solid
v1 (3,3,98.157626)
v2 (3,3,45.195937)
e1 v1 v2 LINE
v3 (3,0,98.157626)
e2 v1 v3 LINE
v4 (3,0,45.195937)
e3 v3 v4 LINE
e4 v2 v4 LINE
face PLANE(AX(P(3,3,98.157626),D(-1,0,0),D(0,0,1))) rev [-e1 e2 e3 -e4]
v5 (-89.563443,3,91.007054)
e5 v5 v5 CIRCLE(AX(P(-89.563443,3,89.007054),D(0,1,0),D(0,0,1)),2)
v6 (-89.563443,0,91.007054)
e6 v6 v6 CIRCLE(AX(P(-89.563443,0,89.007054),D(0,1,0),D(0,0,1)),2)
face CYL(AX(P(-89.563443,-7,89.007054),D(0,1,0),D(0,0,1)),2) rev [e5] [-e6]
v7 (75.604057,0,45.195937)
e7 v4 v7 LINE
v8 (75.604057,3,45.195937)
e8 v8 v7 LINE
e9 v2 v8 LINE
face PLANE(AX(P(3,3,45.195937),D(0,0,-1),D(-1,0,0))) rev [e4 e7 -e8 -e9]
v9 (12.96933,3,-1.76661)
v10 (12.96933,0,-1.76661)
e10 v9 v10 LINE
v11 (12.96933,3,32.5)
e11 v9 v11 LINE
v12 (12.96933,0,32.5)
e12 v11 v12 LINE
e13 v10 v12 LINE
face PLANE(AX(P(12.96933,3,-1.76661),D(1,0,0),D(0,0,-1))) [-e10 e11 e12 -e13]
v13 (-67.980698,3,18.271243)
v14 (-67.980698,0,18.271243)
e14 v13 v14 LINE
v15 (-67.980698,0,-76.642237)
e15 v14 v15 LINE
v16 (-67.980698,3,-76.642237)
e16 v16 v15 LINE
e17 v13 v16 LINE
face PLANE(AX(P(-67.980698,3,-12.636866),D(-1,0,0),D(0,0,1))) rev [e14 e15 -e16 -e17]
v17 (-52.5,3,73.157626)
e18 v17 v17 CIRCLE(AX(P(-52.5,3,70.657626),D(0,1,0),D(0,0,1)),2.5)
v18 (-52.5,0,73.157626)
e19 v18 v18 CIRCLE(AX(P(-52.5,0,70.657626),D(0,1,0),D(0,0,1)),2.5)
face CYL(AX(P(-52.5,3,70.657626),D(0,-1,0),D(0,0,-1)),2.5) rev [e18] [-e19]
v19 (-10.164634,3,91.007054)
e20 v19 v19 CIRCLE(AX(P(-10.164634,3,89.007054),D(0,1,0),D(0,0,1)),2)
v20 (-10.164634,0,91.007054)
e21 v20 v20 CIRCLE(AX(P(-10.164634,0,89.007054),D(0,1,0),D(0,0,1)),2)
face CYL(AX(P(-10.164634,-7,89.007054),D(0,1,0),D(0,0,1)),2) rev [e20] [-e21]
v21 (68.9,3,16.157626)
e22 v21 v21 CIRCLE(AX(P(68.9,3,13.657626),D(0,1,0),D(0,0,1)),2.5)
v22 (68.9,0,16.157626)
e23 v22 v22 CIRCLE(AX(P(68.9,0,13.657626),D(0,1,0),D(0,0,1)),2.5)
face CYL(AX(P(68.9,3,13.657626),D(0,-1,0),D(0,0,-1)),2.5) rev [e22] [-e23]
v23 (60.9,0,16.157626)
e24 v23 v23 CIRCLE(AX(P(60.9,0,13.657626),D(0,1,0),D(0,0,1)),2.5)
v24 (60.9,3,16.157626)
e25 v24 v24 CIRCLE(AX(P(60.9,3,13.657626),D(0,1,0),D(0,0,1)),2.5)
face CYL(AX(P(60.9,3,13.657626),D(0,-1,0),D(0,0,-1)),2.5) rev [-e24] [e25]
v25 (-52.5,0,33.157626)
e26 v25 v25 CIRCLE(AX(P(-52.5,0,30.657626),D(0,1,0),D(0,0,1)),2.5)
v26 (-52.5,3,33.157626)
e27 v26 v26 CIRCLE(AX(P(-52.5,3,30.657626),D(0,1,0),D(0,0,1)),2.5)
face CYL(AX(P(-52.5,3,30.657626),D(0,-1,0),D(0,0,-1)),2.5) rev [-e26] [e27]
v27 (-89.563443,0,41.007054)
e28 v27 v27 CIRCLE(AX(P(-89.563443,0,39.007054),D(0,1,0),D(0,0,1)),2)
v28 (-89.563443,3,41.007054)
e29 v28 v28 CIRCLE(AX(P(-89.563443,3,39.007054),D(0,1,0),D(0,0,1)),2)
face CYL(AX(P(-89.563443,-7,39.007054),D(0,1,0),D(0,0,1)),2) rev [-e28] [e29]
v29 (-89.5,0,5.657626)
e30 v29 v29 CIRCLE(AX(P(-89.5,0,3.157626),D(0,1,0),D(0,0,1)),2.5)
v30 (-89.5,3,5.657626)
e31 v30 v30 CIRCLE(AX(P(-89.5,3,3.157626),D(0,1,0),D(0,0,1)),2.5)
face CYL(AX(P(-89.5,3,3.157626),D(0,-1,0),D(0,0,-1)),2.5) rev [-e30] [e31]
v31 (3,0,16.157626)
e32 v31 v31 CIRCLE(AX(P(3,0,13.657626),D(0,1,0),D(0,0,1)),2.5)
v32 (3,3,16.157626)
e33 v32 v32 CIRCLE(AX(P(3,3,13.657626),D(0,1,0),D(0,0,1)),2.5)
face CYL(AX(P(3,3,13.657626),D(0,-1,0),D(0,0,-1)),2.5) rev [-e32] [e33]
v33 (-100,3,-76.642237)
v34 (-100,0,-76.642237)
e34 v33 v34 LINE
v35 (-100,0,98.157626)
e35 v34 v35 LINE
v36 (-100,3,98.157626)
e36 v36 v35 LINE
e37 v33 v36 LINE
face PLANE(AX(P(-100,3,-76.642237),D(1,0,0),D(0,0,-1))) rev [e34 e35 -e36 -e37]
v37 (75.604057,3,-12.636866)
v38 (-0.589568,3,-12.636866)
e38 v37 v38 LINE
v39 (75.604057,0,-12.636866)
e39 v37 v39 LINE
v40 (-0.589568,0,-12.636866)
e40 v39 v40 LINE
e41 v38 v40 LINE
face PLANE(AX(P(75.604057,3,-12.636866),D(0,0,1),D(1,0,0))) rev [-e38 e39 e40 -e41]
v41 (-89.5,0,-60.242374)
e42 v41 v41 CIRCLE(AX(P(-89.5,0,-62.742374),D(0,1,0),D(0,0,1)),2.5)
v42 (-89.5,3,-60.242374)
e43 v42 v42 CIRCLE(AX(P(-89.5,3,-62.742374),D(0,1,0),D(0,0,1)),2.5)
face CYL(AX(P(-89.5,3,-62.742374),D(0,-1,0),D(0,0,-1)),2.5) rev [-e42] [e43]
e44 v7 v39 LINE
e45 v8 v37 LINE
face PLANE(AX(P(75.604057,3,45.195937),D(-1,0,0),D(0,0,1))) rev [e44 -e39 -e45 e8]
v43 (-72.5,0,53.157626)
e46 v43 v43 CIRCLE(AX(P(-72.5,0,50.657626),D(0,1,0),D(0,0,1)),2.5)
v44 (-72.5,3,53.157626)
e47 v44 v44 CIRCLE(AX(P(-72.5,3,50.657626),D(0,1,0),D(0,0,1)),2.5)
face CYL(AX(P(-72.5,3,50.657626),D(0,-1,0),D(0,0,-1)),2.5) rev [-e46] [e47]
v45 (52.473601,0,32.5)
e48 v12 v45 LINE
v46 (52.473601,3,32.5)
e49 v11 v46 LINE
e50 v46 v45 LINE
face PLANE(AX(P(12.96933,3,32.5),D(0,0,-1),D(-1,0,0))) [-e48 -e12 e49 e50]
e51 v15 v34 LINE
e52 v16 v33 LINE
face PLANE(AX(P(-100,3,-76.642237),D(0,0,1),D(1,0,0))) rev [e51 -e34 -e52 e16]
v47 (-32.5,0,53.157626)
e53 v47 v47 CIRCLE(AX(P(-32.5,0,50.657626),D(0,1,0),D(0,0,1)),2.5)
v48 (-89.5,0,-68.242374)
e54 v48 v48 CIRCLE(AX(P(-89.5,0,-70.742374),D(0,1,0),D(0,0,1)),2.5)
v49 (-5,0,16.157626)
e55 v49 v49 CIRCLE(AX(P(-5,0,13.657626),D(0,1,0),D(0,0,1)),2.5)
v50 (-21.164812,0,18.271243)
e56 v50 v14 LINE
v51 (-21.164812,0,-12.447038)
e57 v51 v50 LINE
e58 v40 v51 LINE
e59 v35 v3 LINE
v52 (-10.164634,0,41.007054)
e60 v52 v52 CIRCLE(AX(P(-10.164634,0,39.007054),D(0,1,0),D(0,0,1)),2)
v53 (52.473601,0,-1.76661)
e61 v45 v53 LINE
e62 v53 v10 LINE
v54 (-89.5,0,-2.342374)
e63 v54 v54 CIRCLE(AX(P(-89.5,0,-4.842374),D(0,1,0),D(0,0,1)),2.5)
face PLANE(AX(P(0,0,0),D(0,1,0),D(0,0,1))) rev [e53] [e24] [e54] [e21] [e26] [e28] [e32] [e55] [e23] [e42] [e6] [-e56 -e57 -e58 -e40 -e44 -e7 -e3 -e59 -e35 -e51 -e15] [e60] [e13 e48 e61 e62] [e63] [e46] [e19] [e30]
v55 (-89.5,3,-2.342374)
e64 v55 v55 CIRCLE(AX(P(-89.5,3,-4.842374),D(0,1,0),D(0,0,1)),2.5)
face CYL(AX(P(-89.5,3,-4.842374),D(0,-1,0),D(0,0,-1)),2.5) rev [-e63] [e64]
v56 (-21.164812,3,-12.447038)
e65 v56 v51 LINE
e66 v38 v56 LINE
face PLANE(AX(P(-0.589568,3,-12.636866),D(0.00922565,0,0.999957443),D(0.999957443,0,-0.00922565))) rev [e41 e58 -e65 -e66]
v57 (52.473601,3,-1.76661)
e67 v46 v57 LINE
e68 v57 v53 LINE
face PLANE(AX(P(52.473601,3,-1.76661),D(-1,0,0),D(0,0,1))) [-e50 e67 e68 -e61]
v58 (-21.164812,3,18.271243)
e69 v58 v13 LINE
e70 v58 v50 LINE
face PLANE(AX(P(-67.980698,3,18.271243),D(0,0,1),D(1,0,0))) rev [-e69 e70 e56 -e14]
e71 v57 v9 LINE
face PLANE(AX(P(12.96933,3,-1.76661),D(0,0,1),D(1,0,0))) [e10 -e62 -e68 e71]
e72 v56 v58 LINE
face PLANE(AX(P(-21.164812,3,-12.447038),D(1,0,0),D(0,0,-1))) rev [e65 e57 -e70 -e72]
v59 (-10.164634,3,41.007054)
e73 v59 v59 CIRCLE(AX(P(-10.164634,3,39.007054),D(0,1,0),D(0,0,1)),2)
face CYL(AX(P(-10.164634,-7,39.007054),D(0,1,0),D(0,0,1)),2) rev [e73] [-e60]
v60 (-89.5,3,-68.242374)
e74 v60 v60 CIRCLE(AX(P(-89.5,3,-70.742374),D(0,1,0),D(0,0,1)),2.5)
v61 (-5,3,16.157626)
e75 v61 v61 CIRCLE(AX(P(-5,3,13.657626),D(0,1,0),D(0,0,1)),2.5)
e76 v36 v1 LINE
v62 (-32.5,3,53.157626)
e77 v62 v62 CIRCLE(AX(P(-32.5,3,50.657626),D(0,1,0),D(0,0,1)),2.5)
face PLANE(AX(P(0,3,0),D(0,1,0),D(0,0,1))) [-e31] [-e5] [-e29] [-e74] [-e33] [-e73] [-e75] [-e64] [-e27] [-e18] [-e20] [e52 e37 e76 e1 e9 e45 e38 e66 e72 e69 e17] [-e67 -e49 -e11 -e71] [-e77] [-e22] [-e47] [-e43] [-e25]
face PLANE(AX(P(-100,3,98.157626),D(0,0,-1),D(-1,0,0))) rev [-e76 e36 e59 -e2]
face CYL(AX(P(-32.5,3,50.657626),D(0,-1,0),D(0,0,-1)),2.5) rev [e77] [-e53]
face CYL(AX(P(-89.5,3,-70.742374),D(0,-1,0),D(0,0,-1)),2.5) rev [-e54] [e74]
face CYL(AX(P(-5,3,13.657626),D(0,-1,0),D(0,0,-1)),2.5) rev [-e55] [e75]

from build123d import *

# Parameters (mm, degrees)
SKETCH1_R           = 2.5
SKETCH1_W           = 39.504270757
SKETCH1_H           = 34.26660973
BOSS_EXTRUDE1_DEPTH = 3
SKETCH4_R           = 2
CUT_EXTRUDE3_DEPTH  = 10


with BuildPart() as part:
    # Sketch1 → Boss-Extrude1 (new body)
    with BuildSketch(Plane(origin=(0, 0, 0), x_dir=(1, 0, 0), z_dir=(0, 1, 0))):
        Polygon((-100, 76.642236505), (-100, -98.157625791), (3, -98.157625791), (3, -45.195936932), (75.604056887, -45.195936932), (75.604056887, 12.636866249), (-0.5895682, 12.636866249), (-21.164811555, 12.447038184), (-21.164811555, -18.271243478), (-67.980697631, -18.271243478), (-67.980697631, 12.636866249), (-67.980697631, 76.642236505), align=None)
        with Locations(Location((-52.5, -70.657625791, 0), (0, 0, 270))):
            Circle(SKETCH1_R, mode=Mode.SUBTRACT)
        with Locations(Location((-72.5, -50.657625791, 0), (0, 0, 270))):
            Circle(SKETCH1_R, mode=Mode.SUBTRACT)
        with Locations(Location((-52.5, -30.657625791, 0), (0, 0, 270))):
            Circle(SKETCH1_R, mode=Mode.SUBTRACT)
        with Locations(Location((-32.5, -50.657625791, 0), (0, 0, 270))):
            Circle(SKETCH1_R, mode=Mode.SUBTRACT)
        with Locations(Location((-5, -13.657625791, 0), (0, 0, 270))):
            Circle(SKETCH1_R, mode=Mode.SUBTRACT)
        with Locations(Location((60.9, -13.657625791, 0), (0, 0, 270))):
            Circle(SKETCH1_R, mode=Mode.SUBTRACT)
        with Locations(Location((-89.5, -3.157625791, 0), (0, 0, 270))):
            Circle(SKETCH1_R, mode=Mode.SUBTRACT)
        with Locations(Location((-89.5, 62.742374209, 0), (0, 0, 270))):
            Circle(SKETCH1_R, mode=Mode.SUBTRACT)
        with Locations(Location((-89.5, 4.842374209, 0), (0, 0, 270))):
            Circle(SKETCH1_R, mode=Mode.SUBTRACT)
        with Locations(Location((-89.5, 70.742374209, 0), (0, 0, 270))):
            Circle(SKETCH1_R, mode=Mode.SUBTRACT)
        with Locations(Location((3, -13.657625791, 0), (0, 0, 270))):
            Circle(SKETCH1_R, mode=Mode.SUBTRACT)
        with Locations(Location((68.9, -13.657625791, 0), (0, 0, 270))):
            Circle(SKETCH1_R, mode=Mode.SUBTRACT)
        with Locations((32.721465803, -15.366695135)):
            Rectangle(SKETCH1_W, SKETCH1_H, mode=Mode.SUBTRACT)
    extrude(amount=BOSS_EXTRUDE1_DEPTH)

    # Sketch4 → Cut-Extrude3 (cut)
    with BuildSketch(Plane(origin=(0, 3, 0), x_dir=(1, 0, 0), z_dir=(0, 1, 0))):
        with Locations((-63.221437818, -7.837794837)):
            Circle(SKETCH4_R)
        with Locations((-26.595771041, -7.837794837)):
            Circle(SKETCH4_R)
        with Locations(Location((-89.563443469, -89.007054179, 0), (0, 0, 270))):
            Circle(SKETCH4_R)
        with Locations(Location((-10.164633565, -89.007054179, 0), (0, 0, 270))):
            Circle(SKETCH4_R)
        with Locations(Location((-10.164633565, -39.007054179, 0), (0, 0, 270))):
            Circle(SKETCH4_R)
        with Locations(Location((-89.563443469, -39.007054179, 0), (0, 0, 270))):
            Circle(SKETCH4_R)
    extrude(amount=-CUT_EXTRUDE3_DEPTH, mode=Mode.SUBTRACT)


solid = part.part
